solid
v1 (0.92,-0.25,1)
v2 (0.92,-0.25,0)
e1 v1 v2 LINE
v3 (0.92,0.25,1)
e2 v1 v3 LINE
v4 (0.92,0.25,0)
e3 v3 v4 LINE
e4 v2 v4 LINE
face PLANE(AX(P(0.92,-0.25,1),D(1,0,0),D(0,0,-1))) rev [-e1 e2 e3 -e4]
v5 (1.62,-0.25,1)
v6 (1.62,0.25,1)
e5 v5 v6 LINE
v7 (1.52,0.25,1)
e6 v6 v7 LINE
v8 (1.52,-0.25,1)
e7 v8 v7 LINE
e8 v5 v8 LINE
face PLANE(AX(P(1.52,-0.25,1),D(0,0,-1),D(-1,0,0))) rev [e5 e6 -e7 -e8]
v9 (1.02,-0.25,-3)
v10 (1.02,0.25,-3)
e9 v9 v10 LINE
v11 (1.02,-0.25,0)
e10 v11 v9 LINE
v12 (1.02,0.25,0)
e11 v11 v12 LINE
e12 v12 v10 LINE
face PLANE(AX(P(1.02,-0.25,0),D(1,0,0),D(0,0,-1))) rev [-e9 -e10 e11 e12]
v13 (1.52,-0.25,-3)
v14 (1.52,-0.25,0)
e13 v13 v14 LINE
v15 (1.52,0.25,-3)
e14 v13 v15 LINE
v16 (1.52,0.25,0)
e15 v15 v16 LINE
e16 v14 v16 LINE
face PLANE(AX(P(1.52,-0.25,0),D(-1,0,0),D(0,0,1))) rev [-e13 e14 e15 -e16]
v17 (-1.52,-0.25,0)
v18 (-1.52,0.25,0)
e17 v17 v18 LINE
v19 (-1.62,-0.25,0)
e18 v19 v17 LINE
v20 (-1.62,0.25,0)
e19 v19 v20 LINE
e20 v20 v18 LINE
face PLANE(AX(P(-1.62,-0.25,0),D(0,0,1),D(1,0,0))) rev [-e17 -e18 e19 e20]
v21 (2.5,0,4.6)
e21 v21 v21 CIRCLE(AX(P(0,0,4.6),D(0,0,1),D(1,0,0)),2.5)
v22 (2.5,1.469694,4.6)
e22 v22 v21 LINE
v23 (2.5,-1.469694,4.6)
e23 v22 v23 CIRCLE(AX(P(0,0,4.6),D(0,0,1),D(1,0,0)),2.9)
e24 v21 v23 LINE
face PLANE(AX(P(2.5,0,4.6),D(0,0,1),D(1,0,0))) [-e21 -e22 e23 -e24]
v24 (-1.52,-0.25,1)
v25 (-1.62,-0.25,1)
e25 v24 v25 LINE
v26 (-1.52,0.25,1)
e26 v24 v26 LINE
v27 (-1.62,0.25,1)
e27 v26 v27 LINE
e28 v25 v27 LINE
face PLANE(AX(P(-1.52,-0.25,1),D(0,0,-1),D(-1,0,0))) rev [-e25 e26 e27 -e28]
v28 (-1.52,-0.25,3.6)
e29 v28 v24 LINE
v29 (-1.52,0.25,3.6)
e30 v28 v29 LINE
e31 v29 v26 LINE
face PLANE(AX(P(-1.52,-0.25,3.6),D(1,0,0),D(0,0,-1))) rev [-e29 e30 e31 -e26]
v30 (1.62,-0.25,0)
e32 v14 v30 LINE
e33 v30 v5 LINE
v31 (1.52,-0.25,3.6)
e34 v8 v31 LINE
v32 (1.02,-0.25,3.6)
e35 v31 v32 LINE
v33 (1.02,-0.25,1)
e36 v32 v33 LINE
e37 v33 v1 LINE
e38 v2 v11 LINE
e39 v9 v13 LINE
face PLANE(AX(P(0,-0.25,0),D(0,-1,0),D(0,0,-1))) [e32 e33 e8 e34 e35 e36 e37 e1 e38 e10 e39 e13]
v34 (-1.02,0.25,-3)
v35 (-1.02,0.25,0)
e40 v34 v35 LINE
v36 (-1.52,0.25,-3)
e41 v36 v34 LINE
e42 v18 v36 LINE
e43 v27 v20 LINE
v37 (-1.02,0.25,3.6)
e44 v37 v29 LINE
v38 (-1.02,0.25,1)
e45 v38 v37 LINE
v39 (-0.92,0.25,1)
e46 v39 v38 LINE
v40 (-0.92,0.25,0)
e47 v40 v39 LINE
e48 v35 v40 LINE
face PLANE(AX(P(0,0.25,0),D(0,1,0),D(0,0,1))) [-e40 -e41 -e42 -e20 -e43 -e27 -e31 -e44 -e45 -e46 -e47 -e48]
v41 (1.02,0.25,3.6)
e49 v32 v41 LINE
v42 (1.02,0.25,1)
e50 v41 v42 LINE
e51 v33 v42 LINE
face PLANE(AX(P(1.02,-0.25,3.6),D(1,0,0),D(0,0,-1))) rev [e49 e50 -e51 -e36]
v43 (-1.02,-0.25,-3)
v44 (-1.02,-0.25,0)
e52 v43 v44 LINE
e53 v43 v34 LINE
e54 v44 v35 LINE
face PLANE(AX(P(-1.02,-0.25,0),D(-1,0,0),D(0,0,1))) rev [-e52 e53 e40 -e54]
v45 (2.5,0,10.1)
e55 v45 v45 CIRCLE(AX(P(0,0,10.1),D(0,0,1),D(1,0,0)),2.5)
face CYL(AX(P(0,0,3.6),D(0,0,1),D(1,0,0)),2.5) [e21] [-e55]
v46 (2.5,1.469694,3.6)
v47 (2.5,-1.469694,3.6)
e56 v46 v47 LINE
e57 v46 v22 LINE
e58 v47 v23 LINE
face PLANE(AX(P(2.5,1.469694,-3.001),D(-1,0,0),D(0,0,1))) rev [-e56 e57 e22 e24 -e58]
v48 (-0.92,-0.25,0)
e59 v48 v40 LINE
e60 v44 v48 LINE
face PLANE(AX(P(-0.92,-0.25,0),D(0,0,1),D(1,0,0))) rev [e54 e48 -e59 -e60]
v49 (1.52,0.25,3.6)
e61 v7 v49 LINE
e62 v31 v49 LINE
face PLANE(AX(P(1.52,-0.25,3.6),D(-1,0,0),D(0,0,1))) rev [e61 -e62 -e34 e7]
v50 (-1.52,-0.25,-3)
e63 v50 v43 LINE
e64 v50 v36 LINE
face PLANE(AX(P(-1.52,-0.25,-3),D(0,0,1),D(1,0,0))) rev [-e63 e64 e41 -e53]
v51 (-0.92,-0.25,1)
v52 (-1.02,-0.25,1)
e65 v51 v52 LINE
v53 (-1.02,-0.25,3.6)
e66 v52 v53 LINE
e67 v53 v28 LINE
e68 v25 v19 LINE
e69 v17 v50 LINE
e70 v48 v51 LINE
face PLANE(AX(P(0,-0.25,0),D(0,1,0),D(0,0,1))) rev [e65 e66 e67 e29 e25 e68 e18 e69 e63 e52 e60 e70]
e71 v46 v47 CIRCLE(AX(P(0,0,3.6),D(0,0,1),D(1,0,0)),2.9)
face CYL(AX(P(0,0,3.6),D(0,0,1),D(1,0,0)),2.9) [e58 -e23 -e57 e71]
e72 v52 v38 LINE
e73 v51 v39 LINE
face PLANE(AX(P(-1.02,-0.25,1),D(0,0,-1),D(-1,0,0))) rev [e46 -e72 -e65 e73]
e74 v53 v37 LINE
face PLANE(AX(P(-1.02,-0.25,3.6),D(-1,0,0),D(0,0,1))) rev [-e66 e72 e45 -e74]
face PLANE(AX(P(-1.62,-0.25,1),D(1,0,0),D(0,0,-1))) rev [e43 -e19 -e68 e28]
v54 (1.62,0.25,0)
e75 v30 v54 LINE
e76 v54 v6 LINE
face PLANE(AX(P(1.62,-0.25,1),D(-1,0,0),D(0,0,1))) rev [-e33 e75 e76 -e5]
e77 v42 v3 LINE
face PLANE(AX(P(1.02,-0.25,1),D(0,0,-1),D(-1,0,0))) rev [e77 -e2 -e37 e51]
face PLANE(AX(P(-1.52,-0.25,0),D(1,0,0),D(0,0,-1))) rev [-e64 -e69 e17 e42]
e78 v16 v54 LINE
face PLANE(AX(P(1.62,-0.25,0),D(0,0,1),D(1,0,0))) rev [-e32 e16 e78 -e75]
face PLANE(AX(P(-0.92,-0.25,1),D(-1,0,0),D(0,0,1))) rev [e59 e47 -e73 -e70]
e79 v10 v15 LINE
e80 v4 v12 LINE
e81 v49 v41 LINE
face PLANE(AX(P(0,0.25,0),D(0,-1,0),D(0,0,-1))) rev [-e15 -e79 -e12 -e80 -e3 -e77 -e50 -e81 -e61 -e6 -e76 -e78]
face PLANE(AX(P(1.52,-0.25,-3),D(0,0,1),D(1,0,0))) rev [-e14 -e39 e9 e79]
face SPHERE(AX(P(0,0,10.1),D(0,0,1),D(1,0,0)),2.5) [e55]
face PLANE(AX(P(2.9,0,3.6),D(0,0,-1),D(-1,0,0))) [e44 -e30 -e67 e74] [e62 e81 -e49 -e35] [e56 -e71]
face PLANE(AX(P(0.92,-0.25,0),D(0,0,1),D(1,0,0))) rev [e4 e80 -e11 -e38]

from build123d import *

# Parameters (mm, degrees)
EXTRUDE_1_DEPTH     = 0.25
EXTRUDE_1_2_DEPTH   = 0.25
CUT_EXTRUDE_1_REACH = 10.99


with BuildPart() as part:
    # Эскиз1 → Бобышка-Вытянуть1 (new, symmetric)
    with BuildSketch(Plane.XZ):
        Polygon((-1.52, 3.6), (-1.52, 1), (-1.62, 1), (-1.62, 0), (-1.52, 0), (-1.52, -3), (-1.02, -3), (-1.02, 0), (-0.92, 0), (-0.92, 1), (-1.02, 1), (-1.02, 3.6), align=None)
    extrude(amount=EXTRUDE_1_DEPTH, both=True)



with BuildPart() as body_2:
    # Эскиз1 → Extrude 1 2 (new, symmetric)
    with BuildSketch(Plane.XZ):
        Polygon((1.02, 3.6), (1.02, 1), (0.92, 1), (0.92, 0), (1.02, 0), (1.02, -3), (1.52, -3), (1.52, 0), (1.62, 0), (1.62, 1), (1.52, 1), (1.52, 3.6), align=None)
    extrude(amount=EXTRUDE_1_2_DEPTH, both=True)


with BuildPart() as part_1:
    add(part.part)

    add(body_2.part)  # Повернуть1 merges body 2
    # Эскиз2 → Повернуть1 (revolve)
    with BuildSketch(Plane(origin=(0, 0, 0), x_dir=(1, 0, 0), z_dir=(0, 1, 0))):
        with BuildLine():
            Line((0, -3.6), (0, -12.6))
            ThreePointArc((0, -12.6), (1.767766953, -11.867766953), (2.5, -10.1))
            Line((2.5, -10.1), (2.5, -4.6))
            Line((2.5, -4.6), (2.9, -4.6))
            Line((2.9, -4.6), (2.9, -3.6))
            Line((2.9, -3.6), (0, -3.6))
        make_face()
    revolve(axis=Axis((0, 0, 3.6), (0, 0, -1)))

    # Эскиз3 → Вырез-Вытянуть1 (cut, up to next)
    with BuildSketch(Plane.XY.offset(4.6), mode=Mode.PRIVATE) as cut_extrude_1_sk1:
        with BuildLine():
            Line((2.5, 1.469693846), (2.5, -1.469693846))
            ThreePointArc((2.5, -1.469693846), (2.9, 0), (2.5, 1.469693846))
        make_face()
    cut_extrude_1_tool1 = extrude(cut_extrude_1_sk1.sketch, amount=-CUT_EXTRUDE_1_REACH, mode=Mode.PRIVATE) & part_1.part
    add(cut_extrude_1_tool1.solids().sort_by_distance((2.660985, 0, 4.6))[0], mode=Mode.SUBTRACT)


solid = part_1.part
